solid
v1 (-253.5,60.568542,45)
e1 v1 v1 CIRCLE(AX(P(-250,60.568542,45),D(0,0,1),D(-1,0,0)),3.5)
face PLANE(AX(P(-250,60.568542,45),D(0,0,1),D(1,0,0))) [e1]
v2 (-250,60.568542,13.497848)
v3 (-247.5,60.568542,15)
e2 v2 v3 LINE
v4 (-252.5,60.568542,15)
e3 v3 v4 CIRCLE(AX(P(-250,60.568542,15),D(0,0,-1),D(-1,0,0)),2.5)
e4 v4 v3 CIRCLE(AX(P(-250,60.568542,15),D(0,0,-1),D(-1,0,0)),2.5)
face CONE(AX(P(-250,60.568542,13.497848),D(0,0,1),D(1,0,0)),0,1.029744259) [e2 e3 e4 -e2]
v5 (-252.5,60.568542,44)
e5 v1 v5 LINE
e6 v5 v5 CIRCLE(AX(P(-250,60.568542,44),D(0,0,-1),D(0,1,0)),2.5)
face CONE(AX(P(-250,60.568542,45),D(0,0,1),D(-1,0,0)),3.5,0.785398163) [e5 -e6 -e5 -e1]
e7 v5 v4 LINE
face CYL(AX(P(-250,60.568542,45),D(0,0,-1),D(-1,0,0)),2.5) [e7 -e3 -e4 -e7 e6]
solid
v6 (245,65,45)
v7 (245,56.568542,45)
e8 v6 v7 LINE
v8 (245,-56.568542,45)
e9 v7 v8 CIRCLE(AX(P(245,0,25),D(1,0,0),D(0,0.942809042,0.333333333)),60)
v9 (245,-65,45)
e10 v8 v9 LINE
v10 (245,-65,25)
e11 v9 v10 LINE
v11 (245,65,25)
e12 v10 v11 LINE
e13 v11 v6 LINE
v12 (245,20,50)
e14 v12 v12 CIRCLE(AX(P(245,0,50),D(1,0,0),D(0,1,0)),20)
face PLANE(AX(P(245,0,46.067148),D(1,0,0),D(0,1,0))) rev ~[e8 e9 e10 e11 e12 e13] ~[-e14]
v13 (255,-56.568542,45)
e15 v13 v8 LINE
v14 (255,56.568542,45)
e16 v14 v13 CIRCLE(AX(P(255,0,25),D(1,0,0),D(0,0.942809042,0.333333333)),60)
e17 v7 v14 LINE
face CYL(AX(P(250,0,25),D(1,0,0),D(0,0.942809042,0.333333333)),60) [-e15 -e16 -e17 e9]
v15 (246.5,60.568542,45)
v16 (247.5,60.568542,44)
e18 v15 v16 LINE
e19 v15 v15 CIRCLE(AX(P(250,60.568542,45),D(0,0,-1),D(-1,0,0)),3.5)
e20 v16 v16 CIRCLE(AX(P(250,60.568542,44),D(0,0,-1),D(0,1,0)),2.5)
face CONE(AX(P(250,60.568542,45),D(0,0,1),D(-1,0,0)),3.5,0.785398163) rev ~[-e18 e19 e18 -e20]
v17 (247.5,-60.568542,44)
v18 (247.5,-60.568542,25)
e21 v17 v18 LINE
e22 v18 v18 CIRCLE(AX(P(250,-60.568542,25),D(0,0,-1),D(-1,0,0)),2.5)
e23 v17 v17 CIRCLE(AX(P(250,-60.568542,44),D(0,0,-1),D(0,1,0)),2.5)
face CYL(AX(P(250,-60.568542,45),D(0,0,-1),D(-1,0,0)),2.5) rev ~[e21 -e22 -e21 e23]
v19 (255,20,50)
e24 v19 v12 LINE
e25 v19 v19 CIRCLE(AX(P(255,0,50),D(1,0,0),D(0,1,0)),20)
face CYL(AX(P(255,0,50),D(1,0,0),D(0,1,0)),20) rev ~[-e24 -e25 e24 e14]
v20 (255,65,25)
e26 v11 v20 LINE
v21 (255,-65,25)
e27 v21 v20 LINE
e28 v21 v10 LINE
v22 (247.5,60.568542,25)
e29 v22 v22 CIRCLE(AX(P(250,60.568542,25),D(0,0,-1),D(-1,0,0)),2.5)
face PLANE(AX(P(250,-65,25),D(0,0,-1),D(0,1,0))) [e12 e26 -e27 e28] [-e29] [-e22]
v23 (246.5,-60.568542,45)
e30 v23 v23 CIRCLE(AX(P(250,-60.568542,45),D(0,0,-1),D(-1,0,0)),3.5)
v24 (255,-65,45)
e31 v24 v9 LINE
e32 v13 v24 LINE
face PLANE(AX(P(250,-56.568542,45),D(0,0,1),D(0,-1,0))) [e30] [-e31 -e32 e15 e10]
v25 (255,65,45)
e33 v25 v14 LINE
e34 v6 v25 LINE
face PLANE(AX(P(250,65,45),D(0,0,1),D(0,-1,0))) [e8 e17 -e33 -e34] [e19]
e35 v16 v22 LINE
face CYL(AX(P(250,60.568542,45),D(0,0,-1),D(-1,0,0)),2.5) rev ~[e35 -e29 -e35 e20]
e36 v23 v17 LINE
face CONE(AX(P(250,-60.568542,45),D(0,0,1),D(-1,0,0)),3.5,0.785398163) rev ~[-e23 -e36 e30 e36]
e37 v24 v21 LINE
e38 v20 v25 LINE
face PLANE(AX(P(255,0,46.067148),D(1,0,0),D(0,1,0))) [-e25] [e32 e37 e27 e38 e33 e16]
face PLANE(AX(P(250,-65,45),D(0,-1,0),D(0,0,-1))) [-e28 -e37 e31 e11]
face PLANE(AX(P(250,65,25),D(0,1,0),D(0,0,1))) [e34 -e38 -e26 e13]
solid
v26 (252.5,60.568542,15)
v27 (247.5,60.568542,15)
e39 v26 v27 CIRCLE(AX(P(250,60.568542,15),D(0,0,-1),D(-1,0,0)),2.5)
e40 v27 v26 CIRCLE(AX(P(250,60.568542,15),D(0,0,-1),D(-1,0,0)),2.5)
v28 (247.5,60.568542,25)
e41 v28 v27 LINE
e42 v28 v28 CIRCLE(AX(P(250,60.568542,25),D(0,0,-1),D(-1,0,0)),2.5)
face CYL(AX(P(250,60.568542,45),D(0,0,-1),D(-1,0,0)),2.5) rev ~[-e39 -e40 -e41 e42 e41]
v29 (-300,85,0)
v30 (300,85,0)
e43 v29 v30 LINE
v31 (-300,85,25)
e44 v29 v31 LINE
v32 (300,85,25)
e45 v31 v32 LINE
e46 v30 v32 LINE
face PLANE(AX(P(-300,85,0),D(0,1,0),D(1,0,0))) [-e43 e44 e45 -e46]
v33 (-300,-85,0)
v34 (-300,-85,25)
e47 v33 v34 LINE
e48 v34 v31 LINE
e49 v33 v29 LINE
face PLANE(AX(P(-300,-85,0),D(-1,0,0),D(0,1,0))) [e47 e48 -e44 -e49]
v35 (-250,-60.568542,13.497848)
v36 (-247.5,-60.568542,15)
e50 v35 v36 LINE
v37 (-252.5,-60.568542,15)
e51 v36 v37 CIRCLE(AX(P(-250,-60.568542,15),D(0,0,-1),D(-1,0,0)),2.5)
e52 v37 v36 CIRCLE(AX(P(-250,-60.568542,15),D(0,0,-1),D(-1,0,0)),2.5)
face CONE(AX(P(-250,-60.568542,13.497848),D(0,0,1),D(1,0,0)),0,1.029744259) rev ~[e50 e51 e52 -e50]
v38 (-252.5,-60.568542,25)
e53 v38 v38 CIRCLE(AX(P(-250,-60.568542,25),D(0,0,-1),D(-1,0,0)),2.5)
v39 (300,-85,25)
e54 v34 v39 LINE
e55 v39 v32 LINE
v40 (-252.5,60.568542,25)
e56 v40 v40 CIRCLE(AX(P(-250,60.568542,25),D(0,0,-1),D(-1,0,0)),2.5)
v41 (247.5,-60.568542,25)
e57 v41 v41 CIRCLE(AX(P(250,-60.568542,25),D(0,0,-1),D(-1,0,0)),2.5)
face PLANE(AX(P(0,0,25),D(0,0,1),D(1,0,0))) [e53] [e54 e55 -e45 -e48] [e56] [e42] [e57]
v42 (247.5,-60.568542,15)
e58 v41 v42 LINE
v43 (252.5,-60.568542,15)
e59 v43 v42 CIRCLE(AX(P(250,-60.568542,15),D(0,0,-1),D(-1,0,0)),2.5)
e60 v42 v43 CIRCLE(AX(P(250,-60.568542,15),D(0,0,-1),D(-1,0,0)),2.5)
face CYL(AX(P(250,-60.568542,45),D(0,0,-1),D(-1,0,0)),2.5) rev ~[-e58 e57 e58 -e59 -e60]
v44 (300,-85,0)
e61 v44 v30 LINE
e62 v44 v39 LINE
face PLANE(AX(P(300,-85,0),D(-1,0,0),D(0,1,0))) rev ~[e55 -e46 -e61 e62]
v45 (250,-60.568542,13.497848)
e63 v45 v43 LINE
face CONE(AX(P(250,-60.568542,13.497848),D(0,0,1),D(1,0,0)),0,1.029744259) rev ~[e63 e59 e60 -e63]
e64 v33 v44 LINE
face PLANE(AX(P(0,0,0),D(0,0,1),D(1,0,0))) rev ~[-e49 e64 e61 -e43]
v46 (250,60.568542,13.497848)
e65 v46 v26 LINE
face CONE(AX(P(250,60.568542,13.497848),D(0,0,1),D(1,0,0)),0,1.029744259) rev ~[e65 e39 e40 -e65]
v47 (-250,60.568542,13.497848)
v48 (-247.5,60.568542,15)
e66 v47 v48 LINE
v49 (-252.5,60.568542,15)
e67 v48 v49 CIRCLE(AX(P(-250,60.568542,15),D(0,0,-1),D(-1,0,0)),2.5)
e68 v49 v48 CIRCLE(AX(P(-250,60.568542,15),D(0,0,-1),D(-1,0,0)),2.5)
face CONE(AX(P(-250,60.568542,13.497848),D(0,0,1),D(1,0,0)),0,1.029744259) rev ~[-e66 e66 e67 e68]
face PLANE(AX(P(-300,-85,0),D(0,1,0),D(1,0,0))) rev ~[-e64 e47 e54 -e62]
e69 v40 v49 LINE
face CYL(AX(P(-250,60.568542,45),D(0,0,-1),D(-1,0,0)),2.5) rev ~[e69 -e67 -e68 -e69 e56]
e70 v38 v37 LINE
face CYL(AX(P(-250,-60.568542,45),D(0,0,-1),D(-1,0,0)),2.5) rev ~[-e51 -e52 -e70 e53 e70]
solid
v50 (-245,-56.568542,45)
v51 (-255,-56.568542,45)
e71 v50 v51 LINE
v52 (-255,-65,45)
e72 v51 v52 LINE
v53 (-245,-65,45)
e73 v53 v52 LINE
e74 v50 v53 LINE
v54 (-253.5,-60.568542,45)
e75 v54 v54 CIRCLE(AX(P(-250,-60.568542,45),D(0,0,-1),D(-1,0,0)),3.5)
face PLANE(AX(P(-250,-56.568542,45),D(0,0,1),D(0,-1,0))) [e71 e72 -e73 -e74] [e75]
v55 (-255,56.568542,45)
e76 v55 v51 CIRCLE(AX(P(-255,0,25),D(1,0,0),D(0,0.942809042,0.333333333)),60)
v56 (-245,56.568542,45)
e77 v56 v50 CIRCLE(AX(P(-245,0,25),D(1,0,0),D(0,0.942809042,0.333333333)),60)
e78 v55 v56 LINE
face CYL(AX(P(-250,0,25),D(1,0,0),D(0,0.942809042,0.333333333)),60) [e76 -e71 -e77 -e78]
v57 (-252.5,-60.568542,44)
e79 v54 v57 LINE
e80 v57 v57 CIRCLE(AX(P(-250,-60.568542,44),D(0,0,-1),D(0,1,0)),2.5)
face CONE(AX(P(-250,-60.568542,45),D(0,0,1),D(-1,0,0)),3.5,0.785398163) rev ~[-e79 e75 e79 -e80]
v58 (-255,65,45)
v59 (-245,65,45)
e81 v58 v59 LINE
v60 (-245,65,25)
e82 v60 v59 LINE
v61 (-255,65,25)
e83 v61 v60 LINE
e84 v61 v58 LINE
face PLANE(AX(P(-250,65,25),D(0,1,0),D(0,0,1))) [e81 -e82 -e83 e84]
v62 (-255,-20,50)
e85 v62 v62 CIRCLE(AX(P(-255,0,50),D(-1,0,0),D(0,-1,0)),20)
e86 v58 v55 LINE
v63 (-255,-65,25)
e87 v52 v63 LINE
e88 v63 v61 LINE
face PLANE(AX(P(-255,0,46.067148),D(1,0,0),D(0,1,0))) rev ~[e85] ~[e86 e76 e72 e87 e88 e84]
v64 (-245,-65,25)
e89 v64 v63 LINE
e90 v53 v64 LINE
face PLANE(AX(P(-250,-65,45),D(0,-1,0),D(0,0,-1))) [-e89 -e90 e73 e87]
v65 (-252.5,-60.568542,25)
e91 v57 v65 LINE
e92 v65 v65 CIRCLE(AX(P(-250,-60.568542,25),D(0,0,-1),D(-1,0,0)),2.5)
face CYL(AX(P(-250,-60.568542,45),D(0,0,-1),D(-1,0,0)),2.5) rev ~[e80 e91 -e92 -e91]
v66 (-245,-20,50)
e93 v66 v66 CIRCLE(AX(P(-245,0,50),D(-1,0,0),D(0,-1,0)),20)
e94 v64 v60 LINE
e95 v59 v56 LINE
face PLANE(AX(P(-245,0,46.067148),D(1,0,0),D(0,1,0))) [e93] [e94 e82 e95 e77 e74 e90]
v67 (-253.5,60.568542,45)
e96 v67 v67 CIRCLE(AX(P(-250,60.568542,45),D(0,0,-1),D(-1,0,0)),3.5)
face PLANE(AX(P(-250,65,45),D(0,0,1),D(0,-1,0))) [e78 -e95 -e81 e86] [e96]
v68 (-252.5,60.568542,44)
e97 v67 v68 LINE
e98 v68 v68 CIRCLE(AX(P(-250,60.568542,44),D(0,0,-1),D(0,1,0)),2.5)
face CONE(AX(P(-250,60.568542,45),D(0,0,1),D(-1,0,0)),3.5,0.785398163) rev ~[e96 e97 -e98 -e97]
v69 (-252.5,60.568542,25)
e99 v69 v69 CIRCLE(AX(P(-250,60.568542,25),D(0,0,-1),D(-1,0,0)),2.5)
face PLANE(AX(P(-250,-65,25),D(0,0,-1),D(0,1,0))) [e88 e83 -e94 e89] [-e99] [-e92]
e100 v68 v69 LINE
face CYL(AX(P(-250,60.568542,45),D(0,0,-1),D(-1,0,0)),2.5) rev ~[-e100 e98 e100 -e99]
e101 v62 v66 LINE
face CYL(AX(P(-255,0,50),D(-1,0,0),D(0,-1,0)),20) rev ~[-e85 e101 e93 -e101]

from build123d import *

# Parameters (mm, degrees)
F0_W              = 600
F0_H              = 170
F1_DEPTH          = 25
F3_DEPTH          = 5
F6_R              = 20
F7_DEPTH          = 10
F8_R              = 20
F9_DEPTH          = 10
F11_D             = 5
F11_DEPTH         = 30
F11_CSINK_D       = 7
F11_CSINK_ANGLE   = 90
F11_TIP           = 1.5021515476
F11_2_D           = 5
F11_2_DEPTH       = 30
F11_2_CSINK_D     = 7
F11_2_CSINK_ANGLE = 90
F11_2_TIP         = 1.5021515476
F12_R             = 3.5
F13_DEPTH         = 45
F16_D             = 5
F16_DEPTH         = 30
F16_CSINK_D       = 7
F16_CSINK_ANGLE   = 90
F16_TIP           = 1.5021515476
F16_2_D           = 5
F16_2_DEPTH       = 30
F16_2_CSINK_D     = 7
F16_2_CSINK_ANGLE = 90
F16_2_TIP         = 1.5021515476


with BuildPart() as f1:
    # F0 (on Top) → F1 (new body)
    with BuildSketch(Plane.XY):
        Rectangle(F0_W, F0_H)
    extrude(amount=F1_DEPTH)

    # F11
    with Locations(Plane.XY.offset(45)):
        with Locations((-250, 60.5685424949), (-250, -60.5685424949)):
            CounterSinkHole(F11_D / 2, F11_CSINK_D / 2, depth=F11_DEPTH, counter_sink_angle=F11_CSINK_ANGLE)
            with Locations((0, 0, -(F11_DEPTH + F11_TIP / 2))):  # 118° drill point
                Cone(0, F11_D / 2, F11_TIP, mode=Mode.SUBTRACT)


with BuildPart() as f3:
    # F2 (on Right) → F3 (new body, symmetric)
    with BuildSketch(Plane.YZ):
        with BuildLine():
            Line((-65, 25), (65, 25))
            Line((65, 25), (65, 45))
            Line((65, 45), (56.5685424949, 45))
            ThreePointArc((56.5685424949, 45), (0, 85), (-56.5685424949, 45))
            Line((-56.5685424949, 45), (-65, 45))
            Line((-65, 45), (-65, 25))
        make_face()
    extrude(amount=F3_DEPTH, both=True)


with BuildPart() as f4_1:
    # F4: copy of F3
    add(f3.part.moved(Location((-250, 0, 0))))

    # F6 (on face) → F7 (cut)
    with BuildSketch(Plane(origin=(-255, 0, 0), x_dir=(0, -1, 0), z_dir=(-1, 0, 0))):
        with Locations((0, 50)):
            Circle(F6_R)
    extrude(amount=-F7_DEPTH, mode=Mode.SUBTRACT)

    # F11#2
    with Locations(Plane.XY.offset(45)):
        with Locations((-250, 60.5685424949), (-250, -60.5685424949)):
            CounterSinkHole(F11_2_D / 2, F11_2_CSINK_D / 2, depth=F11_2_DEPTH, counter_sink_angle=F11_2_CSINK_ANGLE)
            with Locations((0, 0, -(F11_2_DEPTH + F11_2_TIP / 2))):  # 118° drill point
                Cone(0, F11_2_D / 2, F11_2_TIP, mode=Mode.SUBTRACT)


with BuildPart() as f3_1:
    # F5: moved
    add(f3.part.moved(Location((250, 0, 0))))

    # F8 (on face) → F9 (cut)
    with BuildSketch(Plane.YZ.offset(255)):
        with Locations((0, 50)):
            Circle(F8_R)
    extrude(amount=-F9_DEPTH, mode=Mode.SUBTRACT)

    # F16#2
    with Locations(Plane.XY.offset(45)):
        with Locations((250, 60.5685424949), (250, -60.5685424949)):
            CounterSinkHole(F16_2_D / 2, F16_2_CSINK_D / 2, depth=F16_2_DEPTH, counter_sink_angle=F16_2_CSINK_ANGLE)
            with Locations((0, 0, -(F16_2_DEPTH + F16_2_TIP / 2))):  # 118° drill point
                Cone(0, F16_2_D / 2, F16_2_TIP, mode=Mode.SUBTRACT)


with BuildPart() as f13:
    # F12 (on face) → F13 (new body, through all)
    with BuildSketch(Plane.XY.offset(45)):
        with Locations((-250, 60.5685424949)):
            Circle(F12_R)
    extrude(amount=-F13_DEPTH)

    # F14: cut F1, F4_1
    add(f1.part, mode=Mode.SUBTRACT)
    add(f4_1.part, mode=Mode.SUBTRACT)


with BuildPart() as f1_1:
    add(f1.part)

    # F16
    with Locations(Plane.XY.offset(45)):
        with Locations((250, 60.5685424949), (250, -60.5685424949)):
            CounterSinkHole(F16_D / 2, F16_CSINK_D / 2, depth=F16_DEPTH, counter_sink_angle=F16_CSINK_ANGLE)
            with Locations((0, 0, -(F16_DEPTH + F16_TIP / 2))):  # 118° drill point
                Cone(0, F16_D / 2, F16_TIP, mode=Mode.SUBTRACT)


solid = Compound([f4_1.part, f3_1.part, f13.part, f1_1.part])
